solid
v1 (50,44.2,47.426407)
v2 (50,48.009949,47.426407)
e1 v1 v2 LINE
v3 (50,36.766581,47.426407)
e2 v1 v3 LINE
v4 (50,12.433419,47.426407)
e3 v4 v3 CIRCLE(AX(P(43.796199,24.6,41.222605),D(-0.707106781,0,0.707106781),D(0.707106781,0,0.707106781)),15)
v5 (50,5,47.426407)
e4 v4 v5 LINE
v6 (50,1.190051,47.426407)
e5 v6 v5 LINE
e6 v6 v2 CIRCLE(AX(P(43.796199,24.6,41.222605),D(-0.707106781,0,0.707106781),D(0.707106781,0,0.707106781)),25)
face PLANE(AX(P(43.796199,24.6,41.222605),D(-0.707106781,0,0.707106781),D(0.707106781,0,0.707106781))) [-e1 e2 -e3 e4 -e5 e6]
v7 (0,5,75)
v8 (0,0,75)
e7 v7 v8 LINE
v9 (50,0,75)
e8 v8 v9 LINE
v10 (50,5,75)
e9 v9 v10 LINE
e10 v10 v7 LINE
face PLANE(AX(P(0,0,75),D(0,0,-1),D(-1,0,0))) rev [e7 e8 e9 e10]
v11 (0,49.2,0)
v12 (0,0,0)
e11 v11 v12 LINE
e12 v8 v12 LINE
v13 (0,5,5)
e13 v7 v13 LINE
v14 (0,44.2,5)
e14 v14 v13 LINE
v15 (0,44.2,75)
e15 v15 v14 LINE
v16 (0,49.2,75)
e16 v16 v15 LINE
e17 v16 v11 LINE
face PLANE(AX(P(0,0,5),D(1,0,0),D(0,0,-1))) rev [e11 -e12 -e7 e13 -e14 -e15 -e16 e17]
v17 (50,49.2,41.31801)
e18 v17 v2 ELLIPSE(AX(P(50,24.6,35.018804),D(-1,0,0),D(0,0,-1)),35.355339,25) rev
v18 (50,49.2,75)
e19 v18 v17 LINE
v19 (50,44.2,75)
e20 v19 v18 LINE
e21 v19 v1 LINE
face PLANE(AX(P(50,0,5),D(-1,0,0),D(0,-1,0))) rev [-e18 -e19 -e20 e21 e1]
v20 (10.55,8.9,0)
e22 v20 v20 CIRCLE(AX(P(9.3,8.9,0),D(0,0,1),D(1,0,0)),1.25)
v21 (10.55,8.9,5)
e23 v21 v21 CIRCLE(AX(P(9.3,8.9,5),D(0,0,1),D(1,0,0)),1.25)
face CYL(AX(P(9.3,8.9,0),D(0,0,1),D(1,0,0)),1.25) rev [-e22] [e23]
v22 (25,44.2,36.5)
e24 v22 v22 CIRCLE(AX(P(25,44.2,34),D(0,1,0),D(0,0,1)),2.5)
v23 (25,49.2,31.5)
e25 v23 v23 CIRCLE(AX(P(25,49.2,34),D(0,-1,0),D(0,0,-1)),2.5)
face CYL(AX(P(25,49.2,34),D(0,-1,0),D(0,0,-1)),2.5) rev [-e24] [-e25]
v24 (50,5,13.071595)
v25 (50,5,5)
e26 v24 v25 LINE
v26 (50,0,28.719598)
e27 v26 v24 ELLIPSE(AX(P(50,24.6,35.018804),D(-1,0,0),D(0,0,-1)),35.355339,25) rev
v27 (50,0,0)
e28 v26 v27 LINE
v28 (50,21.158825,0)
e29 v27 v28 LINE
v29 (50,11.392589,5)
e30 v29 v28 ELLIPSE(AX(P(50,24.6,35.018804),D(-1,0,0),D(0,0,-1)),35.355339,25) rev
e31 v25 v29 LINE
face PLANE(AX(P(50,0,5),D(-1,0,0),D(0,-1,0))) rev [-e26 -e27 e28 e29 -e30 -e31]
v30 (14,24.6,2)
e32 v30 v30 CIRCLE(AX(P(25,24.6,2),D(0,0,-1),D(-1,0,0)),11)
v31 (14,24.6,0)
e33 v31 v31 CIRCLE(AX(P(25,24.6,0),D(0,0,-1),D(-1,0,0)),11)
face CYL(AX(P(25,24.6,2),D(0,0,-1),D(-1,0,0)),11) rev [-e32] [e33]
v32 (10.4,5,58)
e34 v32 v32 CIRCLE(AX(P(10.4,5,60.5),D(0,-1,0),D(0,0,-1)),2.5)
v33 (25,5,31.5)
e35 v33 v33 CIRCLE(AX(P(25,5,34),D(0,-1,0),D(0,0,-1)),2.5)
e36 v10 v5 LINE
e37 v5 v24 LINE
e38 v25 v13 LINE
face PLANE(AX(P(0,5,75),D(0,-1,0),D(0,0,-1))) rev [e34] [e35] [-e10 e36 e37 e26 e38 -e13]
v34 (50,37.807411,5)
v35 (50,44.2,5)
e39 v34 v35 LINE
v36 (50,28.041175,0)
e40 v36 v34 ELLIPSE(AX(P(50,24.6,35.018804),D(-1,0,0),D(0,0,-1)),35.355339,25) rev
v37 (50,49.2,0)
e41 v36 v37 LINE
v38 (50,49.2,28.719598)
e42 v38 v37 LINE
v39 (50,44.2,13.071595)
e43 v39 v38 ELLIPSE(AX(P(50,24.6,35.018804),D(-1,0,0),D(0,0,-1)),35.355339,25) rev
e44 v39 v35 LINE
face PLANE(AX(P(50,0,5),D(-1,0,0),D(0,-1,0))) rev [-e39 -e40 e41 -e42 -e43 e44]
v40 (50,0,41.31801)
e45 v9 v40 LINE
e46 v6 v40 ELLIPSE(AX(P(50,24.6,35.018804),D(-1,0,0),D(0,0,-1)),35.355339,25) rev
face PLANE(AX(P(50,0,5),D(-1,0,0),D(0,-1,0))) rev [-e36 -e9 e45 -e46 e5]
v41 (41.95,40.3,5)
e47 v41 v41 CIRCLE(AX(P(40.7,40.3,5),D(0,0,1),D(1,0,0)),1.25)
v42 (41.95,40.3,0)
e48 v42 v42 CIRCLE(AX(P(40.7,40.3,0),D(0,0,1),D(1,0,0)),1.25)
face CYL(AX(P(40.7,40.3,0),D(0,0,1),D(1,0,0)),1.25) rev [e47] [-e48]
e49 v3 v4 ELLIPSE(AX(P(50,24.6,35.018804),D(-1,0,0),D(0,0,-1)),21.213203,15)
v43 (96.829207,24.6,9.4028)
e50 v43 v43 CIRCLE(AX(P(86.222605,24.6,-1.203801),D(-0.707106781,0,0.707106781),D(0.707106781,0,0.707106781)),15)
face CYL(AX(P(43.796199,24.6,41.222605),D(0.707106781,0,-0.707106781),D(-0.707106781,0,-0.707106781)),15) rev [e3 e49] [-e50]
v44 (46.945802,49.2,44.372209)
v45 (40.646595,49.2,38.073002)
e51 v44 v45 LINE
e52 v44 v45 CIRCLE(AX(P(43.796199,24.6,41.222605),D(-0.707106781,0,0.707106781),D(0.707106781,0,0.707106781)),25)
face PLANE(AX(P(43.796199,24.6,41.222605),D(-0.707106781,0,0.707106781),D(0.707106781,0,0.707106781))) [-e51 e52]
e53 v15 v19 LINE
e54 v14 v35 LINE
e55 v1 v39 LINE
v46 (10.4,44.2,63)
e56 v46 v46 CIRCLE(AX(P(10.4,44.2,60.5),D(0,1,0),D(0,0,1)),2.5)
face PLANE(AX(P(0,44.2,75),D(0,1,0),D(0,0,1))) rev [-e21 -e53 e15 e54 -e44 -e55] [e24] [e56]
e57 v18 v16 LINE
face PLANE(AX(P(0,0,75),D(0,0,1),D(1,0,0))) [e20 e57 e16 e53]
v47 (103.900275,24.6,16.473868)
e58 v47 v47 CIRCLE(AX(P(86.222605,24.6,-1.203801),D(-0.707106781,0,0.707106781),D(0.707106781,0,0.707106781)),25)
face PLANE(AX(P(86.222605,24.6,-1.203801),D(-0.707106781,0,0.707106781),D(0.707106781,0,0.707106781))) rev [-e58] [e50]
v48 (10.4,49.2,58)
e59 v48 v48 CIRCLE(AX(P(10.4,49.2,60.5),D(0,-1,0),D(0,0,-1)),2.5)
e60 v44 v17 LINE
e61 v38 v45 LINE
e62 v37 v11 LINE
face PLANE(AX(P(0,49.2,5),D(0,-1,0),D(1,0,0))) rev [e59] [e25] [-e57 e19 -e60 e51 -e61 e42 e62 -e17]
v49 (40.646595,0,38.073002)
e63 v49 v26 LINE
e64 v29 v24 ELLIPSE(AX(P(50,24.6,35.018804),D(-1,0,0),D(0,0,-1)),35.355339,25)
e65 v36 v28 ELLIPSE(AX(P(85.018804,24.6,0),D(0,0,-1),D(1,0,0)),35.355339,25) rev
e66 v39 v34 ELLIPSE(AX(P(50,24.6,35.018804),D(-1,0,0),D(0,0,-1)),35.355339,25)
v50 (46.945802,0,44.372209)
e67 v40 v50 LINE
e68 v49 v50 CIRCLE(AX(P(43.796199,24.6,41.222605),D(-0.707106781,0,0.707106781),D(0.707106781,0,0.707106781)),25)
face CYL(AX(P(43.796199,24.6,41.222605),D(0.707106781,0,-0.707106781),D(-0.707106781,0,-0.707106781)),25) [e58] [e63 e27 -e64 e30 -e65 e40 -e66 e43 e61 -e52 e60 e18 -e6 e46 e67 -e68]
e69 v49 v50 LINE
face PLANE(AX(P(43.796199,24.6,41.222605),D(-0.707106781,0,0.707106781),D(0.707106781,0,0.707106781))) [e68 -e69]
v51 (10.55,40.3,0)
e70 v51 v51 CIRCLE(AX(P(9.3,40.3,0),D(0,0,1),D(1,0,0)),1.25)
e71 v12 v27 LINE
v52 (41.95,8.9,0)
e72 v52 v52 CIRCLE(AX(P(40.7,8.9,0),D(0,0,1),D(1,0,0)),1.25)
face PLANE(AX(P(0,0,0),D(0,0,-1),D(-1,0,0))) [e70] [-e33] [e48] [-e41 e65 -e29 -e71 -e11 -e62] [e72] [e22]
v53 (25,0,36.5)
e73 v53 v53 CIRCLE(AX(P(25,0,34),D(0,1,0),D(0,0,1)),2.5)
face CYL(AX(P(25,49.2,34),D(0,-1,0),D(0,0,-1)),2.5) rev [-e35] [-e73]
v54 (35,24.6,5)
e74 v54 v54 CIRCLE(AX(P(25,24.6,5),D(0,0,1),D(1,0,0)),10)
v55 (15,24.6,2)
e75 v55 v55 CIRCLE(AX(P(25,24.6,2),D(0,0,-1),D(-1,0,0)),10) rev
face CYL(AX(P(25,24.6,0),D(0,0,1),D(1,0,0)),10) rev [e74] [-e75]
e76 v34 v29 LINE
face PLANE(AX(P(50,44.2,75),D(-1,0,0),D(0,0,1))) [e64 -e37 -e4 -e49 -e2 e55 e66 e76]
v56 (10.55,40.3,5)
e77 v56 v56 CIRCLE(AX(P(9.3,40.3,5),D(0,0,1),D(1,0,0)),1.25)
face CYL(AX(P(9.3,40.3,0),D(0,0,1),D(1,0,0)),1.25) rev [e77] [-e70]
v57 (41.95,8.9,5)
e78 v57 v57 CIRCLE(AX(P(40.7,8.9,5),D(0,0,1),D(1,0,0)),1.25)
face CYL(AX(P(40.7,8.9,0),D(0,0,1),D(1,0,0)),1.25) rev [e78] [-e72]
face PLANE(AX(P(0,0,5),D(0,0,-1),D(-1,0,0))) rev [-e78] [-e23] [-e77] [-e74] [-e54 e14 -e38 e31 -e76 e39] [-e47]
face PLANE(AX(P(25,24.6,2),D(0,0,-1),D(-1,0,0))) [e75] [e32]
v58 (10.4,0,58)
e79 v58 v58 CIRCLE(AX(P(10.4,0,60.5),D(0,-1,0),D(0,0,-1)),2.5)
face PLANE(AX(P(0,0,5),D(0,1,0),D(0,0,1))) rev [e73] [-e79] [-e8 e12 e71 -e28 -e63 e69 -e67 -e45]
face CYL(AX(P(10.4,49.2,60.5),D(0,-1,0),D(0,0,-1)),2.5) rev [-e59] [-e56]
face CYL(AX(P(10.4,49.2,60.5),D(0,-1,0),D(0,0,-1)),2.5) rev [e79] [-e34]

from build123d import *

# Parameters (mm, degrees)
ESQUISSE1_W                  = 50
ESQUISSE1_H                  = 49.2
BOSS_EXTRU_1_DEPTH           = 5
ESQUISSE4_W                  = 50
ESQUISSE4_H                  = 5
BOSS_EXTRU_3_DEPTH           = 70
ESQUISSE5_R                  = 10
ESQUISSE5_R_2                = 1.25
ENL_V_MAT_EXTRU_1_DEPTH      = 100.099142277
ESQUISSE6_R                  = 11
ENL_V_MAT_EXTRU_2_DEPTH      = 2
ENL_V_MAT_EXTRU_3_DEPTH      = 103.69196658
ENL_V_MAT_EXTRU_3_DEPTH_BACK = 103.69196658
ESQUISSE7_R                  = 2.5
ESQUISSE8_R                  = 2.5
ENL_V_MAT_EXTRU_4_DEPTH      = 103.69196658
ESQUISSE10_R                 = 25
ESQUISSE10_R_2               = 15
BOSS_EXTRU_4_DEPTH           = 30
ESQUISSE12_W                 = 50
ESQUISSE12_H                 = 70
ENL_V_MAT_EXTRU_6_DEPTH      = 39.2


with BuildPart() as part:
    # Esquisse1 → Boss.-Extru.1 (new body)
    with BuildSketch(Plane.XY):
        with Locations((25, 24.6)):
            Rectangle(ESQUISSE1_W, ESQUISSE1_H)
    extrude(amount=BOSS_EXTRU_1_DEPTH)

    # Esquisse4 → Boss.-Extru.3 (add)
    with BuildSketch(Plane.XY.offset(5)):
        with Locations((25, 46.7)):
            Rectangle(ESQUISSE4_W, ESQUISSE4_H)
        with Locations((25, 2.5)):
            Rectangle(ESQUISSE4_W, ESQUISSE4_H)
    extrude(amount=BOSS_EXTRU_3_DEPTH)

    # Esquisse5 → Enlèv. mat.-Extru.1 (cut, through all)
    with BuildSketch(Plane.XY.offset(5)):
        with Locations((25, 24.6)):
            Circle(ESQUISSE5_R)
        with Locations((9.3, 8.9)):
            Circle(ESQUISSE5_R_2)
        with Locations((40.7, 40.3)):
            Circle(ESQUISSE5_R_2)
        with Locations((40.7, 8.9)):
            Circle(ESQUISSE5_R_2)
        with Locations((9.3, 40.3)):
            Circle(ESQUISSE5_R_2)
    extrude(amount=-ENL_V_MAT_EXTRU_1_DEPTH, mode=Mode.SUBTRACT)

    # Esquisse6 → Enlèv. mat.-Extru.2 (cut)
    with BuildSketch(Plane(origin=(0, 0, 0), x_dir=(-1, 0, 0), z_dir=(0, 0, -1))):
        with Locations((-25, 24.6)):
            Circle(ESQUISSE6_R)
    extrude(amount=-ENL_V_MAT_EXTRU_2_DEPTH, mode=Mode.SUBTRACT)

    # Esquisse7 → Enlèv. mat.-Extru.3 (cut, two sides: drawn at the far end of the back side and taken through both)
    with BuildSketch(Plane.XZ.offset(-ENL_V_MAT_EXTRU_3_DEPTH_BACK)):
        with Locations(Location((25, 34, 0), (0, 0, 270))):
            Circle(ESQUISSE7_R)
    extrude(amount=ENL_V_MAT_EXTRU_3_DEPTH + ENL_V_MAT_EXTRU_3_DEPTH_BACK, mode=Mode.SUBTRACT)

    # Esquisse8 → Enlèv. mat.-Extru.4 (cut, through all)
    with BuildSketch(Plane.XZ):
        with Locations(Location((10.4, 60.5, 0), (0, 0, 270))):
            Circle(ESQUISSE8_R)
    extrude(amount=-ENL_V_MAT_EXTRU_4_DEPTH, mode=Mode.SUBTRACT)

    # Esquisse10 → Boss.-Extru.4 (add, symmetric)
    with BuildSketch(Plane(origin=(50, 5, 5), x_dir=(0.7071067811865476, 0, 0.7071067811865475), z_dir=(-0.7071067811865475, 0, 0.7071067811865476))):
        with Locations(Location((21.226499819, 19.6, 0), (0, 0, 231.628284853))):
            Circle(ESQUISSE10_R)
        with Locations((21.226499819, 19.6)):
            Circle(ESQUISSE10_R_2, mode=Mode.SUBTRACT)
    extrude(amount=BOSS_EXTRU_4_DEPTH, both=True)

    # Esquisse12 → Enlèv. mat.-Extru.6 (cut)
    with BuildSketch(Plane(origin=(0, 5, 0), x_dir=(1, 0, 0), z_dir=(0, 1, 0))):
        with Locations((25, -40)):
            Rectangle(ESQUISSE12_W, ESQUISSE12_H)
    extrude(amount=ENL_V_MAT_EXTRU_6_DEPTH, mode=Mode.SUBTRACT)


solid = part.part
